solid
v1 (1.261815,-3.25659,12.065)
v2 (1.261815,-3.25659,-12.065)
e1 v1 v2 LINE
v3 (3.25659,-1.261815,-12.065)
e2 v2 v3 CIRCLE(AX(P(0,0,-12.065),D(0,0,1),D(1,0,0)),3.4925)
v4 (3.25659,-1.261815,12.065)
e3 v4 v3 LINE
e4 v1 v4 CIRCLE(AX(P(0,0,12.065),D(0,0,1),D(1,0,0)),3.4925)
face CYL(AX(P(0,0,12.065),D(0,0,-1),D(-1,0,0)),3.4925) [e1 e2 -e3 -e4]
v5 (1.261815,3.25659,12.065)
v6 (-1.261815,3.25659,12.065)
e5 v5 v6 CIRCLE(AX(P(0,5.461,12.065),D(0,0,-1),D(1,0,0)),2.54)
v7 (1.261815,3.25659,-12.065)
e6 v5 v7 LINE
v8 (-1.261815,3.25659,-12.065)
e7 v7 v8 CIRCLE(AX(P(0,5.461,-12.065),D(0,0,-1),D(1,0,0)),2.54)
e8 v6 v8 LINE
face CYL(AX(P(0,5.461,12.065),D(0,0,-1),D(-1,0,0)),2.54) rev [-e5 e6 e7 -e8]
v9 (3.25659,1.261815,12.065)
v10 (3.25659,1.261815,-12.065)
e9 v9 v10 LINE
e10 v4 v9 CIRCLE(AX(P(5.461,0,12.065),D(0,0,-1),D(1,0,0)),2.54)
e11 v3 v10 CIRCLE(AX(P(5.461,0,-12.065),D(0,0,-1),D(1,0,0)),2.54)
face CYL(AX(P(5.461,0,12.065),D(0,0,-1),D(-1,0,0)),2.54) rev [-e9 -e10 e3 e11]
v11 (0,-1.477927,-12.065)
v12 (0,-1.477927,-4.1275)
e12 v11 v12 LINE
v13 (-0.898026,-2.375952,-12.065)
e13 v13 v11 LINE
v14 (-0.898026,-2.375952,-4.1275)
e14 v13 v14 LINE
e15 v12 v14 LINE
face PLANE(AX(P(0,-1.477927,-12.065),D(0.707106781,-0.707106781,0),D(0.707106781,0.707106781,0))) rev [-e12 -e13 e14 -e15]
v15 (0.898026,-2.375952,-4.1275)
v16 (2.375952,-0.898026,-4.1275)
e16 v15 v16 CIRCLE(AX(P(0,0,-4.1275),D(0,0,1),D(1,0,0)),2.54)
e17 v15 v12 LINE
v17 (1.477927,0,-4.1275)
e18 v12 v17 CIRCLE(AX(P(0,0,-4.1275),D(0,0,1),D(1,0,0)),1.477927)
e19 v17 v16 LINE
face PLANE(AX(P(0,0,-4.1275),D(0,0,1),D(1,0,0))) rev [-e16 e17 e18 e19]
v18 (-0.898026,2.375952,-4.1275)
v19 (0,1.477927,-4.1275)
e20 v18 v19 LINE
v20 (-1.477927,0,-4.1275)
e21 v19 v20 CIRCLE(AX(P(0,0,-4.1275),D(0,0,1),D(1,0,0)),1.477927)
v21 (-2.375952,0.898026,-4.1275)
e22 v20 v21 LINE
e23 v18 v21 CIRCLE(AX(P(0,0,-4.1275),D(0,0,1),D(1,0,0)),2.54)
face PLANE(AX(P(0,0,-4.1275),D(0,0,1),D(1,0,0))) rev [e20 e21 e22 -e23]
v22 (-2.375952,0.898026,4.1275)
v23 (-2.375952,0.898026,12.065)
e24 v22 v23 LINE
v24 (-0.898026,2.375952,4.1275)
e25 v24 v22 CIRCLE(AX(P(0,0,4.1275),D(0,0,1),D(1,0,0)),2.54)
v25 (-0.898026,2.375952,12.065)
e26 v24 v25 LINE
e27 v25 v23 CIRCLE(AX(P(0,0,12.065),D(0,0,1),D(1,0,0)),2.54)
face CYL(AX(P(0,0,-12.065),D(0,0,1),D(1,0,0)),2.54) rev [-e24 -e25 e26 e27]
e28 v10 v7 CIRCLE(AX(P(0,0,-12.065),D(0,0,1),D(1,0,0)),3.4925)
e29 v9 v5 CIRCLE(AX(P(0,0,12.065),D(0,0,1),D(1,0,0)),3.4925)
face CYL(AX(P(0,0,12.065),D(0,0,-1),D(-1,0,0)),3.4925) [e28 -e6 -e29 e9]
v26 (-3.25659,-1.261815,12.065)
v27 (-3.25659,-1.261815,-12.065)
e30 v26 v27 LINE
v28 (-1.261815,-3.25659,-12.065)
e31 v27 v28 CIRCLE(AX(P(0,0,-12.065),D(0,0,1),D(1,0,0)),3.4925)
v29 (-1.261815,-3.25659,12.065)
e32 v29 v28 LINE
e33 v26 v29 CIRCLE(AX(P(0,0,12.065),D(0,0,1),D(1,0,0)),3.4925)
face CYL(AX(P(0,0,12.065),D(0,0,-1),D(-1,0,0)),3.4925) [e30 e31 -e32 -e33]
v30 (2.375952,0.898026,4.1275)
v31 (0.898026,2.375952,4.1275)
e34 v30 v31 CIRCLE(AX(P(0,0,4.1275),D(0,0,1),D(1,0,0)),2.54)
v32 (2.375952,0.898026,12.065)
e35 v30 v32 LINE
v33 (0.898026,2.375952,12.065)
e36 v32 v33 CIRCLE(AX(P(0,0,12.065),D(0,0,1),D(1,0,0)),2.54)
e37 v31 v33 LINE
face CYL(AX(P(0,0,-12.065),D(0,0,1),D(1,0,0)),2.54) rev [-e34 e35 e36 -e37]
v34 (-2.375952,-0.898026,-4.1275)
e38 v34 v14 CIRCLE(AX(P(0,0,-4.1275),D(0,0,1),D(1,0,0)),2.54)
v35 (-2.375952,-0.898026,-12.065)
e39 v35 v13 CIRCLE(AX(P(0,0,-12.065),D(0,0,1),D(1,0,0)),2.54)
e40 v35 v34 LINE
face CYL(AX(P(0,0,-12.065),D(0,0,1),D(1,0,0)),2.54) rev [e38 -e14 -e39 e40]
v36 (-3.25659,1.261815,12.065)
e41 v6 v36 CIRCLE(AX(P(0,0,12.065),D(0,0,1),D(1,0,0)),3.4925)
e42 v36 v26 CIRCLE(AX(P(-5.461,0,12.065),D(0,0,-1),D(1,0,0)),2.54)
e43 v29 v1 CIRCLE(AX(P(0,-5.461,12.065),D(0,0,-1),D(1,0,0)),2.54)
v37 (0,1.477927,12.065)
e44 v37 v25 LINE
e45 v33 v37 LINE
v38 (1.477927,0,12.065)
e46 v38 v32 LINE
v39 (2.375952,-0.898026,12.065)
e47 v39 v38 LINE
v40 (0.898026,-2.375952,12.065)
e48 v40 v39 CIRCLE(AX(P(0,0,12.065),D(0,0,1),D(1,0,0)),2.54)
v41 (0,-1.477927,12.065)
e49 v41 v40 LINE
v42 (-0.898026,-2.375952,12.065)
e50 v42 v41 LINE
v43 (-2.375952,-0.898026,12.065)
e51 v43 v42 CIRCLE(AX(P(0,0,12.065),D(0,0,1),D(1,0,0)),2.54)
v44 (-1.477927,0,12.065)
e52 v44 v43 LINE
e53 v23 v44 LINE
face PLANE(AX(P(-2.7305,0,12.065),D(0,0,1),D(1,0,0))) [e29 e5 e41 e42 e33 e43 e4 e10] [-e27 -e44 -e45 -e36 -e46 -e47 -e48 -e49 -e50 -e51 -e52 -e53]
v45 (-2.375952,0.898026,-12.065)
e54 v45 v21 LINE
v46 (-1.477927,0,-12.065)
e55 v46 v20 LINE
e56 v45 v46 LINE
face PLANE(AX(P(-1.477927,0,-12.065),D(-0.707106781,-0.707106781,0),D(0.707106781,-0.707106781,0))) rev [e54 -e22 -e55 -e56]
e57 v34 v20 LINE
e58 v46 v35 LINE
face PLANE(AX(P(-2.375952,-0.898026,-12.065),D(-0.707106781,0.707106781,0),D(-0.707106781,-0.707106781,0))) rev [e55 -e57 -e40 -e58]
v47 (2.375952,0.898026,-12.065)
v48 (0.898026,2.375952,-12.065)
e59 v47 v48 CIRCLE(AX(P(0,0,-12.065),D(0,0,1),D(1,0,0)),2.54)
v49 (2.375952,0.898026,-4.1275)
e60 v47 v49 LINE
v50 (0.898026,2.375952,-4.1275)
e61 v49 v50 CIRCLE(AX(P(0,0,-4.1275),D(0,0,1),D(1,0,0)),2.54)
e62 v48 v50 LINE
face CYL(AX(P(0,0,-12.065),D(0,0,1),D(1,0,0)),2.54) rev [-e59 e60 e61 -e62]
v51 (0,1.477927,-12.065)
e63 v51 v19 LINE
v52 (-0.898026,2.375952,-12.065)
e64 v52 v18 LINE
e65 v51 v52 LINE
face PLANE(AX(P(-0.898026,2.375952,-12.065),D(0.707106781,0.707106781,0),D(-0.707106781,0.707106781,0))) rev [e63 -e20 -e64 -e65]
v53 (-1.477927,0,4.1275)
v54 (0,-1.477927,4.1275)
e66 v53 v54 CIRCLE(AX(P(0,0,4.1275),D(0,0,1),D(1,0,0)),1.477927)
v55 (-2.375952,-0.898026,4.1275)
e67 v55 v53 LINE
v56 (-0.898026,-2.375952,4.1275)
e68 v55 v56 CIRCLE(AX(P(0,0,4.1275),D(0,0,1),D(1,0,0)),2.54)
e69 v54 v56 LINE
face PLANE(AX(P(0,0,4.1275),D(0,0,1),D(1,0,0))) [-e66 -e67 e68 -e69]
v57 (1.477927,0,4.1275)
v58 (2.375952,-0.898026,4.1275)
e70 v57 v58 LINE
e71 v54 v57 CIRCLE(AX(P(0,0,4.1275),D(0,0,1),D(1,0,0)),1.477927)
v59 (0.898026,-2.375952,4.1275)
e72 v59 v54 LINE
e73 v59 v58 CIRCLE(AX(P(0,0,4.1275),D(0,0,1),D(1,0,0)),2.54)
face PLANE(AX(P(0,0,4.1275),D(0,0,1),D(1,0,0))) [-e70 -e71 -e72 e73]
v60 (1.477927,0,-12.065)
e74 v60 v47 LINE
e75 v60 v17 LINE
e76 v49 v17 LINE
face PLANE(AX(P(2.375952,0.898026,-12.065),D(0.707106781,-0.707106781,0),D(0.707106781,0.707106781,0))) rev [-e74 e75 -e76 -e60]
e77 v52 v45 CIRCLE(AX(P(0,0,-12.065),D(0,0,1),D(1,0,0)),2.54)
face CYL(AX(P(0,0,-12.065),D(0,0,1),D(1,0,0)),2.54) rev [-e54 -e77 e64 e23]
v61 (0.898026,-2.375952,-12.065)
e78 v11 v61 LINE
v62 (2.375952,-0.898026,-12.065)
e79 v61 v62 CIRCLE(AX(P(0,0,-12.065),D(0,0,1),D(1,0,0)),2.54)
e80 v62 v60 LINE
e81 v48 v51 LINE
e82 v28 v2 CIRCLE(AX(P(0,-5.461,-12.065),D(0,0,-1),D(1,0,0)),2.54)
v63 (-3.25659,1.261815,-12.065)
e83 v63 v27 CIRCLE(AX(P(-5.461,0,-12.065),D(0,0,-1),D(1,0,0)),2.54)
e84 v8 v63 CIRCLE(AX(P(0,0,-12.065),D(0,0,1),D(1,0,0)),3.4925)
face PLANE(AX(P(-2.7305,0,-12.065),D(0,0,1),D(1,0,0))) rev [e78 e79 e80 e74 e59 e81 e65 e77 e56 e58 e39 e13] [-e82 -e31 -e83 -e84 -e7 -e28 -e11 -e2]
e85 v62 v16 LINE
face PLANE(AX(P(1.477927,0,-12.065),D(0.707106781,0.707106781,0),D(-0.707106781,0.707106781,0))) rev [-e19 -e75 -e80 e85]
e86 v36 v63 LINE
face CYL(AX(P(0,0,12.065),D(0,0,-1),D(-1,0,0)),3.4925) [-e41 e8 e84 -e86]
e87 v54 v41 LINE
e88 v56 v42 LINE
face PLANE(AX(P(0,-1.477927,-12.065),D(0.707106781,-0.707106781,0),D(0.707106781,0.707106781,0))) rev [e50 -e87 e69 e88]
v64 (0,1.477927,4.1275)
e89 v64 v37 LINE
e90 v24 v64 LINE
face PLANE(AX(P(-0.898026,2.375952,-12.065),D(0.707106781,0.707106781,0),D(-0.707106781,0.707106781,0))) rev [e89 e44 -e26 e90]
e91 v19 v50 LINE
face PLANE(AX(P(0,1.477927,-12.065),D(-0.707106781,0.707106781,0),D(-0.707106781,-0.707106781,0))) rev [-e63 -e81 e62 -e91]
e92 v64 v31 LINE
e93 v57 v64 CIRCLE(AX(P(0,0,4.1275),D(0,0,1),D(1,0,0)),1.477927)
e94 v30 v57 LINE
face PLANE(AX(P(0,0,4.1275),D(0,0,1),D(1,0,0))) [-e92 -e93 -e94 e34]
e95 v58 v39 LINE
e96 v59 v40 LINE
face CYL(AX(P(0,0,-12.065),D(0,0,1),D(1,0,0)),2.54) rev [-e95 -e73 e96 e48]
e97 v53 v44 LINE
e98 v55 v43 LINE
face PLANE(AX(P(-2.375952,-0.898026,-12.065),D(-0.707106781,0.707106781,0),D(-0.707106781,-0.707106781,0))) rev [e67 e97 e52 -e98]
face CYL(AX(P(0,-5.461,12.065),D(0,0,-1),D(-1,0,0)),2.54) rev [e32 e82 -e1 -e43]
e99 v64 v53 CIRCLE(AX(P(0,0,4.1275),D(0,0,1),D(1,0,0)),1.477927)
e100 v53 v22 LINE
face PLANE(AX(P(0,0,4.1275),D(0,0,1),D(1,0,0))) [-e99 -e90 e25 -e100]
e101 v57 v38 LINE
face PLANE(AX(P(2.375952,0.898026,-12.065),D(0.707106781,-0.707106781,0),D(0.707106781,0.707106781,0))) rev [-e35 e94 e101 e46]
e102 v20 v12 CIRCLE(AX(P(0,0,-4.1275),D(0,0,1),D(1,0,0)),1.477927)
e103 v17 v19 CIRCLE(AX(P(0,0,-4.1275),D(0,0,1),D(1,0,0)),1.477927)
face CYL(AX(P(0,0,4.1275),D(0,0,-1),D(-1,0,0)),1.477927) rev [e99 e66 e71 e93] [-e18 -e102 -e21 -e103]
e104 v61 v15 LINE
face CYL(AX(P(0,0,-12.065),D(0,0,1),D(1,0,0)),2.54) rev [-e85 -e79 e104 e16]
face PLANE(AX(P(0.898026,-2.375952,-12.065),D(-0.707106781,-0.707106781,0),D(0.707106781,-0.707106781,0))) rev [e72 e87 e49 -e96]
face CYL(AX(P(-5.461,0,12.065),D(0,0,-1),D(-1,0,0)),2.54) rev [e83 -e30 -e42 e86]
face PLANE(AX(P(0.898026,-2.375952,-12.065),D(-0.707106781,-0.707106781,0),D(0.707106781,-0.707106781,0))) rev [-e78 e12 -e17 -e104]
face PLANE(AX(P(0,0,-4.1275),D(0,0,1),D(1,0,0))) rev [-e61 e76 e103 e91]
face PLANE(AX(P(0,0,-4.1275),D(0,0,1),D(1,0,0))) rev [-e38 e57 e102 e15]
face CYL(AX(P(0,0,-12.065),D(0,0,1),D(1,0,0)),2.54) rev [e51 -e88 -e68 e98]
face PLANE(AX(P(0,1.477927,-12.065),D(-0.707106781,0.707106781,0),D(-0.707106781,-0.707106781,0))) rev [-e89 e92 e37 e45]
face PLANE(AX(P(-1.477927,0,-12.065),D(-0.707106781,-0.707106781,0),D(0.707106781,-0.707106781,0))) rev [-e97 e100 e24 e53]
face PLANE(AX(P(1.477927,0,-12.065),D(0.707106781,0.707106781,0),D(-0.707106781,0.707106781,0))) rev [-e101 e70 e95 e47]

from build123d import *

# Parameters (mm, degrees)
BOSS_EXTRUDE1_DEPTH     = 12.065
CUT_EXTRUDE1_DEPTH      = 13.065
CUT_EXTRUDE1_DEPTH_BACK = 13.065
SKETCH3_R               = 2.54
SKETCH3_R_2             = 1.477926828
BOSS_EXTRUDE2_DEPTH     = 4.1275


with BuildPart() as part:
    # Sketch1 → Boss-Extrude1 (new body, symmetric)
    with BuildSketch(Plane.XY):
        with BuildLine():
            ThreePointArc((-3.256590116, -1.261814988), (-2.469570433, -2.469570433), (-1.261814988, -3.256590116))
            ThreePointArc((-1.261814988, -3.256590116), (0, -2.921), (1.261814988, -3.256590116))
            ThreePointArc((1.261814988, -3.256590116), (2.469570433, -2.469570433), (3.256590116, -1.261814988))
            ThreePointArc((3.256590116, -1.261814988), (2.921, 0), (3.256590116, 1.261814988))
            ThreePointArc((3.256590116, 1.261814988), (2.469570433, 2.469570433), (1.261814988, 3.256590116))
            ThreePointArc((1.261814988, 3.256590116), (0, 2.921), (-1.261814988, 3.256590116))
            ThreePointArc((-1.261814988, 3.256590116), (-2.469570433, 2.469570433), (-3.256590116, 1.261814988))
            ThreePointArc((-3.256590116, 1.261814988), (-2.921, 0), (-3.256590116, -1.261814988))
        make_face()
    extrude(amount=BOSS_EXTRUDE1_DEPTH, both=True)

    # Sketch2 → Cut-Extrude1 (cut, two sides)
    with BuildSketch(Plane.XY) as cut_extrude1_sk:
        with BuildLine():
            Line((-0.898025612, 2.375952441), (0, 1.477926828))
            Line((0, 1.477926828), (0.898025612, 2.375952441))
            ThreePointArc((0.898025612, 2.375952441), (1.796051224, 1.796051224), (2.375952441, 0.898025612))
            Line((2.375952441, 0.898025612), (1.477926828, 0))
            Line((1.477926828, 0), (2.375952441, -0.898025612))
            ThreePointArc((2.375952441, -0.898025612), (1.796051224, -1.796051224), (0.898025612, -2.375952441))
            Line((0.898025612, -2.375952441), (0, -1.477926828))
            Line((0, -1.477926828), (-0.898025612, -2.375952441))
            ThreePointArc((-0.898025612, -2.375952441), (-1.796051224, -1.796051224), (-2.375952441, -0.898025612))
            Line((-2.375952441, -0.898025612), (-1.477926828, 0))
            Line((-1.477926828, 0), (-2.375952441, 0.898025612))
            ThreePointArc((-2.375952441, 0.898025612), (-1.796051224, 1.796051224), (-0.898025612, 2.375952441))
        make_face()
    extrude(amount=CUT_EXTRUDE1_DEPTH, mode=Mode.SUBTRACT)
    extrude(cut_extrude1_sk.sketch, amount=-CUT_EXTRUDE1_DEPTH_BACK, mode=Mode.SUBTRACT)

    # Sketch3 → Boss-Extrude2 (add, symmetric)
    with BuildSketch(Plane.XY):
        Circle(SKETCH3_R)
        Circle(SKETCH3_R_2, mode=Mode.SUBTRACT)
    extrude(amount=BOSS_EXTRUDE2_DEPTH, both=True)


solid = part.part
